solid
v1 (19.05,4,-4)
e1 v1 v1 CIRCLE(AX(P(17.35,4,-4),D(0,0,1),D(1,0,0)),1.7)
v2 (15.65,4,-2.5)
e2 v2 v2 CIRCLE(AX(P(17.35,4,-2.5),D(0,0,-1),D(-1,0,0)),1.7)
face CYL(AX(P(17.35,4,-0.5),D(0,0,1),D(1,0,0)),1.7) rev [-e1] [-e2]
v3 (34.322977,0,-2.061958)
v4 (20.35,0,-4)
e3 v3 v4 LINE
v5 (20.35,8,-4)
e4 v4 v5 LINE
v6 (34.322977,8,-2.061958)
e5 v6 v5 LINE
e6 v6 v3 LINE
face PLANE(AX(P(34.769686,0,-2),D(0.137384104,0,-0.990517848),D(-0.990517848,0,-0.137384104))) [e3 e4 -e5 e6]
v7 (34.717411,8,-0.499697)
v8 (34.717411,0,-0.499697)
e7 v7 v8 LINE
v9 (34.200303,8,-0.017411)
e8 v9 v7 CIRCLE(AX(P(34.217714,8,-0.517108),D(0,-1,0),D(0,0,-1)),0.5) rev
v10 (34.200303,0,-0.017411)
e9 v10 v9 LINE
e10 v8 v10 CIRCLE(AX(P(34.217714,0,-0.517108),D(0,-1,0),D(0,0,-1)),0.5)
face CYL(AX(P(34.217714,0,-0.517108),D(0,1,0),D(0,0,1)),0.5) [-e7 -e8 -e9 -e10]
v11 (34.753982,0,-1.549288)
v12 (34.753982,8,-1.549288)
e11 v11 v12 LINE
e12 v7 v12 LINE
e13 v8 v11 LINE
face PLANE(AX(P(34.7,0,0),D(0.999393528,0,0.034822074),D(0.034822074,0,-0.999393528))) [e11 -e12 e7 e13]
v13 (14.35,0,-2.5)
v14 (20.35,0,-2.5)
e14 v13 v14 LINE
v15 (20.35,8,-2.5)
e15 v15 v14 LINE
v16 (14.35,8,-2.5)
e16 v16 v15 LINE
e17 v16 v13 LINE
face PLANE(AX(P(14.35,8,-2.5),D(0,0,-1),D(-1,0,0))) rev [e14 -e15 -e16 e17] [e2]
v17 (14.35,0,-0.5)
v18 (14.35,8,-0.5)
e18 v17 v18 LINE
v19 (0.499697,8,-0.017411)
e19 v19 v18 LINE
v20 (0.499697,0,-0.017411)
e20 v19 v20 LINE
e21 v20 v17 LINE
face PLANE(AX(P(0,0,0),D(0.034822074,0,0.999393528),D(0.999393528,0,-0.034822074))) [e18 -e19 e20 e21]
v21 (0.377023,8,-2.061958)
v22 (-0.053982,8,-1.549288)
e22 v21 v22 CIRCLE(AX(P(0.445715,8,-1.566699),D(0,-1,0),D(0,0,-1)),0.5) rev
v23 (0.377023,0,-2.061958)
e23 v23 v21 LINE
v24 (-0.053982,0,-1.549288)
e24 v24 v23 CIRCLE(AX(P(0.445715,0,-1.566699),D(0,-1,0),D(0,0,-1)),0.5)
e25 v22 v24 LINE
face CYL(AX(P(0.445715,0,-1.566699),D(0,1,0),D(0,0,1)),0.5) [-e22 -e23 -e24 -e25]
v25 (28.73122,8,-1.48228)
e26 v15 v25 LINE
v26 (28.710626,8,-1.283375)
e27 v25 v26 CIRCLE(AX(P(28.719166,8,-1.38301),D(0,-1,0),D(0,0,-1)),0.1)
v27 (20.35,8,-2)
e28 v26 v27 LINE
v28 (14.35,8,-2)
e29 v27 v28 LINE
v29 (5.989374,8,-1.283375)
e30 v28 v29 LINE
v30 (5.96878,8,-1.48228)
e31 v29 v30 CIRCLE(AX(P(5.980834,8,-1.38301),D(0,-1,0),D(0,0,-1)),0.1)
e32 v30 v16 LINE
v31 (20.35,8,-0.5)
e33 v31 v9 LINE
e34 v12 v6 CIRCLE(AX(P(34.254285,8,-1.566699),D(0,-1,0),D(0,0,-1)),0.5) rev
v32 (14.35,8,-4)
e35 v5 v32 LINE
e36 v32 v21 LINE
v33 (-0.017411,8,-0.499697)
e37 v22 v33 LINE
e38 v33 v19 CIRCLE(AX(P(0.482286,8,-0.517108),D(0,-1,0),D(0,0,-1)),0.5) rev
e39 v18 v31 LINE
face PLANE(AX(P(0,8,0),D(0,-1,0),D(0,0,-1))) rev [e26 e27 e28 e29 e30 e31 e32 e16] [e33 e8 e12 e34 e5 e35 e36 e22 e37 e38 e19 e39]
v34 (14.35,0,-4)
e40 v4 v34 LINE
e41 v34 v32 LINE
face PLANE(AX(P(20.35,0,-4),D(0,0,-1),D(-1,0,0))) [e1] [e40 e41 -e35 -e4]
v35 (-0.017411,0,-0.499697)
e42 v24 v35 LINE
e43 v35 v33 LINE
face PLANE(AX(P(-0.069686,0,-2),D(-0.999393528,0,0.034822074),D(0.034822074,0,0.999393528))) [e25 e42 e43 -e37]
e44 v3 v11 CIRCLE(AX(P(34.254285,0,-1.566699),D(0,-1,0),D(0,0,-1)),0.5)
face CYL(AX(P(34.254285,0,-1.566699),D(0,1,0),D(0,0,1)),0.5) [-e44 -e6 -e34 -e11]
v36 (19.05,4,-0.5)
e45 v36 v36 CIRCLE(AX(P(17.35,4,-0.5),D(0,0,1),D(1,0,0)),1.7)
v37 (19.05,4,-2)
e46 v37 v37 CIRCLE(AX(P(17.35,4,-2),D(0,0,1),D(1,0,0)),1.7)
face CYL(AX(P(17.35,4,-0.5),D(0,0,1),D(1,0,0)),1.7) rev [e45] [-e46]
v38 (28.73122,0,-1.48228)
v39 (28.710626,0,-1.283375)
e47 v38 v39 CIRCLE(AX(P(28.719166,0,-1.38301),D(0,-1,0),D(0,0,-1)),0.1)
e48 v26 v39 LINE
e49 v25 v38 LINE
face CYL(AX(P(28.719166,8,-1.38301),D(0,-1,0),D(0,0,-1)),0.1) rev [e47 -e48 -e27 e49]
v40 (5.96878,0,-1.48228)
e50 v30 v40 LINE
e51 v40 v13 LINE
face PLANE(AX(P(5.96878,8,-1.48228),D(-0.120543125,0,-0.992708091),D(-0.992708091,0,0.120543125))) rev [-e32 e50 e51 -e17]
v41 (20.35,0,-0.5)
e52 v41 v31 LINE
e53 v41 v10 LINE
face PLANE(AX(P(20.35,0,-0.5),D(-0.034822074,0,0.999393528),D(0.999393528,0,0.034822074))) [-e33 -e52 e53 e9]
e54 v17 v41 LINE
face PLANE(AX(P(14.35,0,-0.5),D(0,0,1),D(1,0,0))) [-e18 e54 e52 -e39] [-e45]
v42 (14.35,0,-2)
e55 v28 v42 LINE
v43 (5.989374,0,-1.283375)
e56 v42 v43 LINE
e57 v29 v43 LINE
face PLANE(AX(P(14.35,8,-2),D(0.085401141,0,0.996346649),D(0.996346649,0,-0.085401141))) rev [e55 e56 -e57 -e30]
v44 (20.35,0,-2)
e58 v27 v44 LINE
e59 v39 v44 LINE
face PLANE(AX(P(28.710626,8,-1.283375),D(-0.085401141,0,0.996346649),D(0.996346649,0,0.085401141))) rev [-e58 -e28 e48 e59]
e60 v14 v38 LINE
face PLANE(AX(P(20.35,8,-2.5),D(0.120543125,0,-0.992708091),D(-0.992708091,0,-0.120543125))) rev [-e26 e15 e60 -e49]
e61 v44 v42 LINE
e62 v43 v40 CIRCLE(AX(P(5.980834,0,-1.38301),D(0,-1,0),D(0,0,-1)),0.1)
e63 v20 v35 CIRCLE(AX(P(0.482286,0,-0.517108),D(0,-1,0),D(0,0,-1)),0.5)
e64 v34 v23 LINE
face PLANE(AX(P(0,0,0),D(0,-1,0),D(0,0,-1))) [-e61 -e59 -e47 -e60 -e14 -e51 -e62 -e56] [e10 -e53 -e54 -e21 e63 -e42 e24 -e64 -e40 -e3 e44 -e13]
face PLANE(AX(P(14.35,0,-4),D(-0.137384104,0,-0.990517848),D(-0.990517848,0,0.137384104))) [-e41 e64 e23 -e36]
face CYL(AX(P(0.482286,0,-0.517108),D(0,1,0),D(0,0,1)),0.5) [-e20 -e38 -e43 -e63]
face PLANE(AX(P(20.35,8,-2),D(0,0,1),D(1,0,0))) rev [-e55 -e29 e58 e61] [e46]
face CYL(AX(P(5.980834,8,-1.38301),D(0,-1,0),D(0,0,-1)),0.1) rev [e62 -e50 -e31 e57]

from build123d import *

# Parameters (mm, degrees)
BOSS_EXTRUDE1_DEPTH  = 8
CUT_EXTRUDE1_DEPTH   = 9
M3_CLEARANCE_HOLE1_D = 3.4
FILLET1_R            = 0.5


with BuildPart() as part:
    # Sketch1 → Boss-Extrude1 (new body)
    with BuildSketch(Plane(origin=(0, 8, 0), x_dir=(1, 0, 0), z_dir=(0, 1, 0))):
        Polygon((34.769686411, 2), (20.35, 4), (14.35, 4), (-0.069686411, 2), (0, 0), (14.35, 0.5), (20.35, 0.5), (34.7, 0), align=None)
    extrude(amount=-BOSS_EXTRUDE1_DEPTH)

    # Sketch2 → Cut-Extrude1 (cut, through all)
    with BuildSketch(Plane.XZ):
        with BuildLine():
            Line((5.968779898, -1.482280416), (14.35, -2.5))
            Line((14.35, -2.5), (20.35, -2.5))
            Line((20.35, -2.5), (28.731220102, -1.482280416))
            ThreePointArc((28.731220102, -1.482280416), (28.818634048, -1.372710787), (28.710625676, -1.283374942))
            Line((28.710625676, -1.283374942), (20.35, -2))
            Line((20.35, -2), (14.35, -2))
            Line((14.35, -2), (5.989374324, -1.283374942))
            ThreePointArc((5.989374324, -1.283374942), (5.881365952, -1.372710787), (5.968779898, -1.482280416))
        make_face()
    extrude(amount=-CUT_EXTRUDE1_DEPTH, mode=Mode.SUBTRACT)

    # M3 Clearance Hole1 (through all)
    with Locations(Plane.XY.offset(-0.5)):
        with Locations((17.35, 4)):
            Hole(M3_CLEARANCE_HOLE1_D / 2)

    # Fillet1
    fillet1_edges = [part.edges().sort_by_distance(p)[0] for p in [
        (34.7, 4, 0),
        (0, 4, 0),
        (-0.069686411, 4, -2),
        (34.769686411, 4, -2),
    ]]
    fillet(fillet1_edges, radius=FILLET1_R)


solid = part.part
